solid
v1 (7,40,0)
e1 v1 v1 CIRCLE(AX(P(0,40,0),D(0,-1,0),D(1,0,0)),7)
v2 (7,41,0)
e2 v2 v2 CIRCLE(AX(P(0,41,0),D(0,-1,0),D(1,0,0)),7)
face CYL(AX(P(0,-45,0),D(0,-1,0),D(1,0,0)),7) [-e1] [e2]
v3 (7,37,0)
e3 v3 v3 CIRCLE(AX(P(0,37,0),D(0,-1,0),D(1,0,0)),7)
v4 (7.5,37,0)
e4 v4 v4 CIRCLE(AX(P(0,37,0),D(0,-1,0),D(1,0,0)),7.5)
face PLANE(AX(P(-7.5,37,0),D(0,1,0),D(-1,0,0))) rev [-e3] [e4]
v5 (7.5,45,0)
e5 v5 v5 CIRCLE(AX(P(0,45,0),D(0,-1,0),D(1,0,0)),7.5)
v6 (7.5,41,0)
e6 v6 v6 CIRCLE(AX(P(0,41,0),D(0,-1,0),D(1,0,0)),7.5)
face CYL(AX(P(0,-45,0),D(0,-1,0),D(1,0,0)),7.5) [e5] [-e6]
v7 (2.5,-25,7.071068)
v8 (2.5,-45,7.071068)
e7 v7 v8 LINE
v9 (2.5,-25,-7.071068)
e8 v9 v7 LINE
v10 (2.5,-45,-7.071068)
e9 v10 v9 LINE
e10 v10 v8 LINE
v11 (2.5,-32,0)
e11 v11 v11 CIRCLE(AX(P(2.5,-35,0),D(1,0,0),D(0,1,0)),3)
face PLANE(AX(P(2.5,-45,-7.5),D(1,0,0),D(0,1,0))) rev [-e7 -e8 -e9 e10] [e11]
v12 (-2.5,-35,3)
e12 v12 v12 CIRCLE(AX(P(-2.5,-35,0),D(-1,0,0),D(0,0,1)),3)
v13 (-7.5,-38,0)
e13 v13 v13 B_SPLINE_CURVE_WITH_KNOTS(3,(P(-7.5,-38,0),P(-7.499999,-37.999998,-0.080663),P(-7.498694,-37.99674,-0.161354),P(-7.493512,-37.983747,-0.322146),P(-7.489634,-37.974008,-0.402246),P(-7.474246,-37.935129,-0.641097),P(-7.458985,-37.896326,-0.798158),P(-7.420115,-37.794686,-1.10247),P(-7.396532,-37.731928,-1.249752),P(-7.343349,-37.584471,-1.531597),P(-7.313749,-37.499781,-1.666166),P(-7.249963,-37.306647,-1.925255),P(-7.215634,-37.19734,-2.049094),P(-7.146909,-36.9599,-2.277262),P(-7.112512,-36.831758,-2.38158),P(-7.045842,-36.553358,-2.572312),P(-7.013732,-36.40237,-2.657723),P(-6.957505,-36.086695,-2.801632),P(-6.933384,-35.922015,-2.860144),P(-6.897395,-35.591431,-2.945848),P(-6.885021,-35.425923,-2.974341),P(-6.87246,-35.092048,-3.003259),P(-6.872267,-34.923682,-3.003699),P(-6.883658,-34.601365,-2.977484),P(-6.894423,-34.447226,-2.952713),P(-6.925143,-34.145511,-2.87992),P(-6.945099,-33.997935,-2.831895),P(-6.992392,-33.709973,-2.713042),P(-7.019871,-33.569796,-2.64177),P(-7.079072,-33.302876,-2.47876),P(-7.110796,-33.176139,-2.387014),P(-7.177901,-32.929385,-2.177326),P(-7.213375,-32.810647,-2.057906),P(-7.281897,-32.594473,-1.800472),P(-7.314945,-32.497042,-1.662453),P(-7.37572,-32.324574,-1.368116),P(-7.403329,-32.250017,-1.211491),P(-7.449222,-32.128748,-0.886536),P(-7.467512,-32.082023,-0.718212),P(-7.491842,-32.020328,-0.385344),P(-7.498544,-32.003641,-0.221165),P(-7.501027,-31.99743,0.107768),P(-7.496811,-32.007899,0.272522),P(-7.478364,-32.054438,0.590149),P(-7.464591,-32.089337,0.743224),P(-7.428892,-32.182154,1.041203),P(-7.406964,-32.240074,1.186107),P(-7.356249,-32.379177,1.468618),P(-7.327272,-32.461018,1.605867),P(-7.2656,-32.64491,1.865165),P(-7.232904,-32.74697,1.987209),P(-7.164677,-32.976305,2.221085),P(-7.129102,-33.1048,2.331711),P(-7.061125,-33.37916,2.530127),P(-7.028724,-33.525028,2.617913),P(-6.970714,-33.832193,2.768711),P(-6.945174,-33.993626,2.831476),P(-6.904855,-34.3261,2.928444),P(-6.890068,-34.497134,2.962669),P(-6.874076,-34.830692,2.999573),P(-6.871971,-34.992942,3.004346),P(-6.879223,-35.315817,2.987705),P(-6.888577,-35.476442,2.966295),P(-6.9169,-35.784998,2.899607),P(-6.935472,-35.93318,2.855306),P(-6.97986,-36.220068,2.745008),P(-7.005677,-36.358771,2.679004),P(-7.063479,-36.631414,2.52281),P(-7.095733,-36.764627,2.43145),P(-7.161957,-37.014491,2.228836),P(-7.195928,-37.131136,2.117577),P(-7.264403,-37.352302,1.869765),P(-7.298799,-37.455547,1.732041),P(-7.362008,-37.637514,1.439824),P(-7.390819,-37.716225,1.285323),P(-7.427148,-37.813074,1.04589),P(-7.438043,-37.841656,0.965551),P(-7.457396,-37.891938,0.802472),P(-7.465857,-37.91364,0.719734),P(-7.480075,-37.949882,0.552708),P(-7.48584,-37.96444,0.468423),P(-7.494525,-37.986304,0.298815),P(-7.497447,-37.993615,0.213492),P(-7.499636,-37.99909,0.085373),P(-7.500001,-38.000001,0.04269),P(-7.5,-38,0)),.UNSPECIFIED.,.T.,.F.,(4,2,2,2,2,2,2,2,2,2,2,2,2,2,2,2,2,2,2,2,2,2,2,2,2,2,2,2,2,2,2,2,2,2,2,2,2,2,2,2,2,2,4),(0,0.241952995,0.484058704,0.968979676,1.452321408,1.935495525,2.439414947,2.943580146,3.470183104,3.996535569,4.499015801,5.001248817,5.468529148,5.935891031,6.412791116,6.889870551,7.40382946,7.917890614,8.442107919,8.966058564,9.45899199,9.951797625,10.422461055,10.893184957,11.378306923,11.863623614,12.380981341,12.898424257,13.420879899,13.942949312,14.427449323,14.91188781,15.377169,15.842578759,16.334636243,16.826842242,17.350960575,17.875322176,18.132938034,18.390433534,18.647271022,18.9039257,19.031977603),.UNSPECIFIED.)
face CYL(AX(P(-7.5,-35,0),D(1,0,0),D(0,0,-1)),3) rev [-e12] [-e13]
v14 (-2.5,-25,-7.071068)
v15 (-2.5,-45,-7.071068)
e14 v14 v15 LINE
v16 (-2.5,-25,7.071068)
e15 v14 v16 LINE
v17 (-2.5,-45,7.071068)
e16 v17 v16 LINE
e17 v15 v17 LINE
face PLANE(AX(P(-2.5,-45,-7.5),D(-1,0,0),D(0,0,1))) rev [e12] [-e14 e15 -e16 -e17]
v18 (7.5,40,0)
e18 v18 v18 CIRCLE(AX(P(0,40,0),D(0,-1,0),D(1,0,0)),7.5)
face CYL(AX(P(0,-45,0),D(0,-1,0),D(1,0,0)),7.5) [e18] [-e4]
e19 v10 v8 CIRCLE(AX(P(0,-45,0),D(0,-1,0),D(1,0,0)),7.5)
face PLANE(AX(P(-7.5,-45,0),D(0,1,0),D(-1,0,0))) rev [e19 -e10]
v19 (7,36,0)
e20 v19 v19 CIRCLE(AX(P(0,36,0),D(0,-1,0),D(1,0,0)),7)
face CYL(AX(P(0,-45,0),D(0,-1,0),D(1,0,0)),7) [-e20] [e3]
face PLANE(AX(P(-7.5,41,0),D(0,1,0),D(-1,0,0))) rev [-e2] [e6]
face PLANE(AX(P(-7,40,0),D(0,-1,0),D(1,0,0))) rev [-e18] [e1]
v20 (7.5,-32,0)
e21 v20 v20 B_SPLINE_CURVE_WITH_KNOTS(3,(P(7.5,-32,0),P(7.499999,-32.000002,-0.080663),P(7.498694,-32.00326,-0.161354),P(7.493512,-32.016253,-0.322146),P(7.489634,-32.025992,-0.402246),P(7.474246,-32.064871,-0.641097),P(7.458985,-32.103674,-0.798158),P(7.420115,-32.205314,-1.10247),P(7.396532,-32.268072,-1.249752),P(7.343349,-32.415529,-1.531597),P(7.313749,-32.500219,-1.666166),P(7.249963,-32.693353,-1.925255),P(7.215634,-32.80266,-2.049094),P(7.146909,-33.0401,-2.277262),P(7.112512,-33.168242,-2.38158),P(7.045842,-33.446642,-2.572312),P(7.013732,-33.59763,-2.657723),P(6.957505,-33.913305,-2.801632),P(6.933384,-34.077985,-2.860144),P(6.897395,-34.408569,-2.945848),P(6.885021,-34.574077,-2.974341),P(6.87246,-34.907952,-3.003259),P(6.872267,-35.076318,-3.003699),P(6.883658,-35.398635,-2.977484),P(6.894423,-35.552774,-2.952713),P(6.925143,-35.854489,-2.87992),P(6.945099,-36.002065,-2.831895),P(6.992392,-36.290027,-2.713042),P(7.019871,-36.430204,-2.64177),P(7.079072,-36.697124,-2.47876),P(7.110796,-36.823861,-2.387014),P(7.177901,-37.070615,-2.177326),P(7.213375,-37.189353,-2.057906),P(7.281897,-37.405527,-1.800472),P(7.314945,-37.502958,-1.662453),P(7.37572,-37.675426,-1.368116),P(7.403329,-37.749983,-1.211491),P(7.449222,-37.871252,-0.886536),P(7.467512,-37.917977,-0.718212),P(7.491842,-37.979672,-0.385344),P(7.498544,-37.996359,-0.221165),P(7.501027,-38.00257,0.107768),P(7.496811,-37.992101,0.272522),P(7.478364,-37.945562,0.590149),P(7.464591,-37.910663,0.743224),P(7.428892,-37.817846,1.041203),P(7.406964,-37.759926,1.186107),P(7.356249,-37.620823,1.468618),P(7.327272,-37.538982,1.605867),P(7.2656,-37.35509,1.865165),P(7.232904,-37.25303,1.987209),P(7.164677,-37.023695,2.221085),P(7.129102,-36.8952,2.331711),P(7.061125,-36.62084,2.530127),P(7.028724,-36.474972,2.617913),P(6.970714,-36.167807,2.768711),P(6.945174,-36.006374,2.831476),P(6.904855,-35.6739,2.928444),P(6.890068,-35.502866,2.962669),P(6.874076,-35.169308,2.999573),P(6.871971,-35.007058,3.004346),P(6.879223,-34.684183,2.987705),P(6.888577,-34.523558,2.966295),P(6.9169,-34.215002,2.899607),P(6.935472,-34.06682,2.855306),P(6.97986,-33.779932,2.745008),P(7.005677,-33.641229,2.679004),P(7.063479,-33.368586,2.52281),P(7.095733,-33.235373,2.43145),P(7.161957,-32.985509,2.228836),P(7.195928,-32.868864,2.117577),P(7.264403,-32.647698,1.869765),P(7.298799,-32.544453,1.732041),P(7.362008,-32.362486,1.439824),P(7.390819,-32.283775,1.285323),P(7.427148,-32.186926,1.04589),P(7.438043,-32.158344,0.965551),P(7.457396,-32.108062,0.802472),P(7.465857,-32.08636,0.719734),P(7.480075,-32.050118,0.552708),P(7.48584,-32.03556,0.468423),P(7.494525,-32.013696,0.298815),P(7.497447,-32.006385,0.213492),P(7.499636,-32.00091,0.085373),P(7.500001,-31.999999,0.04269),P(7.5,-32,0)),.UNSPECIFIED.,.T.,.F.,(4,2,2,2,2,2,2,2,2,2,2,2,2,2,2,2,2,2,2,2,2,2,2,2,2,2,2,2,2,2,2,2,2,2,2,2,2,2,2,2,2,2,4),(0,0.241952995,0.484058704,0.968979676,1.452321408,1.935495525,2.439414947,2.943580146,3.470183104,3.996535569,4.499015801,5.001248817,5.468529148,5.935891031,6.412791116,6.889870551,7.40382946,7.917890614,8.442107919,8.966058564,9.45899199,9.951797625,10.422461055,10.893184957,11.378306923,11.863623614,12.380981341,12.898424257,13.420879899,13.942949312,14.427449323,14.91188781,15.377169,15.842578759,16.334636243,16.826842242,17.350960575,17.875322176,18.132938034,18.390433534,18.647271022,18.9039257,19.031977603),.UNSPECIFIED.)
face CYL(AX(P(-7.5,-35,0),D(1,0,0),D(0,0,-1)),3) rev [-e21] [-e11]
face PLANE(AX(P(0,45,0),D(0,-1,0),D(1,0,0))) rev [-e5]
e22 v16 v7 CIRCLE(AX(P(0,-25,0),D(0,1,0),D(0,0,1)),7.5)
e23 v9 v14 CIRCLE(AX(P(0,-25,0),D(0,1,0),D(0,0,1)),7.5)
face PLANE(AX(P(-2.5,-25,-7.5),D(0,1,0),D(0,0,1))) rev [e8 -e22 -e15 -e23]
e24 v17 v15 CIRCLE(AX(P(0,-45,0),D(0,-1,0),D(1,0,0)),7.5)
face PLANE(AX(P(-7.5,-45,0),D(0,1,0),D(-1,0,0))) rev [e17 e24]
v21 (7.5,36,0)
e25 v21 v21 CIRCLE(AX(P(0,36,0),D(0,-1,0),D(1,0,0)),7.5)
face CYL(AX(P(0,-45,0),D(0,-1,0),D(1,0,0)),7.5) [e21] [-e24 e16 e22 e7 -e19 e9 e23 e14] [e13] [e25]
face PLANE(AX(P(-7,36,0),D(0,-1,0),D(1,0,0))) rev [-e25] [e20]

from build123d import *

# Parameters (mm, degrees)
SKIZZE2_W                            = 5
SKIZZE2_H                            = 20
SCHNITT_LINEAR_AUSTRAGEN1_DEPTH      = 49.023431781
SCHNITT_LINEAR_AUSTRAGEN2_DEPTH      = 47.233105022
SCHNITT_LINEAR_AUSTRAGEN2_DEPTH_BACK = 47.233105022
SKIZZE5_R                            = 3


with BuildPart() as part:
    # Skizze1 → Rotation2 (revolve)
    with BuildSketch(Plane.XY, mode=Mode.PRIVATE) as rotation2_sk:
        Polygon((0, -45), (0, 45), (-7.5, 45), (-7.5, 41), (-7, 41), (-7, 40), (-7.5, 40), (-7.5, 37), (-7, 37), (-7, 36), (-7.5, 36), (-7.5, -45), align=None)
    revolve(rotation2_sk.sketch.rotate(Axis((0, -45, 0), (0, 1, 0)), 180), axis=Axis((0, -45, 0), (0, 1, 0)))

    # Skizze2 → Schnitt-Linear austragen1 (cut, through all)
    with BuildSketch(Plane.XY.offset(7.5)):
        with Locations((0, -35)):
            Rectangle(SKIZZE2_W, SKIZZE2_H)
    extrude(amount=-SCHNITT_LINEAR_AUSTRAGEN1_DEPTH, mode=Mode.SUBTRACT)

    # Skizze5 → Schnitt-Linear austragen2 (cut, two sides: drawn at the far end of the back side and taken through both)
    with BuildSketch(Plane(origin=(0, 0, 0), x_dir=(0, 0, -1), z_dir=(1, 0, 0)).offset(-SCHNITT_LINEAR_AUSTRAGEN2_DEPTH_BACK)):
        with Locations(Location((0, -35, 0), (0, 0, 90))):
            Circle(SKIZZE5_R)
    extrude(amount=SCHNITT_LINEAR_AUSTRAGEN2_DEPTH + SCHNITT_LINEAR_AUSTRAGEN2_DEPTH_BACK, mode=Mode.SUBTRACT)


solid = part.part
